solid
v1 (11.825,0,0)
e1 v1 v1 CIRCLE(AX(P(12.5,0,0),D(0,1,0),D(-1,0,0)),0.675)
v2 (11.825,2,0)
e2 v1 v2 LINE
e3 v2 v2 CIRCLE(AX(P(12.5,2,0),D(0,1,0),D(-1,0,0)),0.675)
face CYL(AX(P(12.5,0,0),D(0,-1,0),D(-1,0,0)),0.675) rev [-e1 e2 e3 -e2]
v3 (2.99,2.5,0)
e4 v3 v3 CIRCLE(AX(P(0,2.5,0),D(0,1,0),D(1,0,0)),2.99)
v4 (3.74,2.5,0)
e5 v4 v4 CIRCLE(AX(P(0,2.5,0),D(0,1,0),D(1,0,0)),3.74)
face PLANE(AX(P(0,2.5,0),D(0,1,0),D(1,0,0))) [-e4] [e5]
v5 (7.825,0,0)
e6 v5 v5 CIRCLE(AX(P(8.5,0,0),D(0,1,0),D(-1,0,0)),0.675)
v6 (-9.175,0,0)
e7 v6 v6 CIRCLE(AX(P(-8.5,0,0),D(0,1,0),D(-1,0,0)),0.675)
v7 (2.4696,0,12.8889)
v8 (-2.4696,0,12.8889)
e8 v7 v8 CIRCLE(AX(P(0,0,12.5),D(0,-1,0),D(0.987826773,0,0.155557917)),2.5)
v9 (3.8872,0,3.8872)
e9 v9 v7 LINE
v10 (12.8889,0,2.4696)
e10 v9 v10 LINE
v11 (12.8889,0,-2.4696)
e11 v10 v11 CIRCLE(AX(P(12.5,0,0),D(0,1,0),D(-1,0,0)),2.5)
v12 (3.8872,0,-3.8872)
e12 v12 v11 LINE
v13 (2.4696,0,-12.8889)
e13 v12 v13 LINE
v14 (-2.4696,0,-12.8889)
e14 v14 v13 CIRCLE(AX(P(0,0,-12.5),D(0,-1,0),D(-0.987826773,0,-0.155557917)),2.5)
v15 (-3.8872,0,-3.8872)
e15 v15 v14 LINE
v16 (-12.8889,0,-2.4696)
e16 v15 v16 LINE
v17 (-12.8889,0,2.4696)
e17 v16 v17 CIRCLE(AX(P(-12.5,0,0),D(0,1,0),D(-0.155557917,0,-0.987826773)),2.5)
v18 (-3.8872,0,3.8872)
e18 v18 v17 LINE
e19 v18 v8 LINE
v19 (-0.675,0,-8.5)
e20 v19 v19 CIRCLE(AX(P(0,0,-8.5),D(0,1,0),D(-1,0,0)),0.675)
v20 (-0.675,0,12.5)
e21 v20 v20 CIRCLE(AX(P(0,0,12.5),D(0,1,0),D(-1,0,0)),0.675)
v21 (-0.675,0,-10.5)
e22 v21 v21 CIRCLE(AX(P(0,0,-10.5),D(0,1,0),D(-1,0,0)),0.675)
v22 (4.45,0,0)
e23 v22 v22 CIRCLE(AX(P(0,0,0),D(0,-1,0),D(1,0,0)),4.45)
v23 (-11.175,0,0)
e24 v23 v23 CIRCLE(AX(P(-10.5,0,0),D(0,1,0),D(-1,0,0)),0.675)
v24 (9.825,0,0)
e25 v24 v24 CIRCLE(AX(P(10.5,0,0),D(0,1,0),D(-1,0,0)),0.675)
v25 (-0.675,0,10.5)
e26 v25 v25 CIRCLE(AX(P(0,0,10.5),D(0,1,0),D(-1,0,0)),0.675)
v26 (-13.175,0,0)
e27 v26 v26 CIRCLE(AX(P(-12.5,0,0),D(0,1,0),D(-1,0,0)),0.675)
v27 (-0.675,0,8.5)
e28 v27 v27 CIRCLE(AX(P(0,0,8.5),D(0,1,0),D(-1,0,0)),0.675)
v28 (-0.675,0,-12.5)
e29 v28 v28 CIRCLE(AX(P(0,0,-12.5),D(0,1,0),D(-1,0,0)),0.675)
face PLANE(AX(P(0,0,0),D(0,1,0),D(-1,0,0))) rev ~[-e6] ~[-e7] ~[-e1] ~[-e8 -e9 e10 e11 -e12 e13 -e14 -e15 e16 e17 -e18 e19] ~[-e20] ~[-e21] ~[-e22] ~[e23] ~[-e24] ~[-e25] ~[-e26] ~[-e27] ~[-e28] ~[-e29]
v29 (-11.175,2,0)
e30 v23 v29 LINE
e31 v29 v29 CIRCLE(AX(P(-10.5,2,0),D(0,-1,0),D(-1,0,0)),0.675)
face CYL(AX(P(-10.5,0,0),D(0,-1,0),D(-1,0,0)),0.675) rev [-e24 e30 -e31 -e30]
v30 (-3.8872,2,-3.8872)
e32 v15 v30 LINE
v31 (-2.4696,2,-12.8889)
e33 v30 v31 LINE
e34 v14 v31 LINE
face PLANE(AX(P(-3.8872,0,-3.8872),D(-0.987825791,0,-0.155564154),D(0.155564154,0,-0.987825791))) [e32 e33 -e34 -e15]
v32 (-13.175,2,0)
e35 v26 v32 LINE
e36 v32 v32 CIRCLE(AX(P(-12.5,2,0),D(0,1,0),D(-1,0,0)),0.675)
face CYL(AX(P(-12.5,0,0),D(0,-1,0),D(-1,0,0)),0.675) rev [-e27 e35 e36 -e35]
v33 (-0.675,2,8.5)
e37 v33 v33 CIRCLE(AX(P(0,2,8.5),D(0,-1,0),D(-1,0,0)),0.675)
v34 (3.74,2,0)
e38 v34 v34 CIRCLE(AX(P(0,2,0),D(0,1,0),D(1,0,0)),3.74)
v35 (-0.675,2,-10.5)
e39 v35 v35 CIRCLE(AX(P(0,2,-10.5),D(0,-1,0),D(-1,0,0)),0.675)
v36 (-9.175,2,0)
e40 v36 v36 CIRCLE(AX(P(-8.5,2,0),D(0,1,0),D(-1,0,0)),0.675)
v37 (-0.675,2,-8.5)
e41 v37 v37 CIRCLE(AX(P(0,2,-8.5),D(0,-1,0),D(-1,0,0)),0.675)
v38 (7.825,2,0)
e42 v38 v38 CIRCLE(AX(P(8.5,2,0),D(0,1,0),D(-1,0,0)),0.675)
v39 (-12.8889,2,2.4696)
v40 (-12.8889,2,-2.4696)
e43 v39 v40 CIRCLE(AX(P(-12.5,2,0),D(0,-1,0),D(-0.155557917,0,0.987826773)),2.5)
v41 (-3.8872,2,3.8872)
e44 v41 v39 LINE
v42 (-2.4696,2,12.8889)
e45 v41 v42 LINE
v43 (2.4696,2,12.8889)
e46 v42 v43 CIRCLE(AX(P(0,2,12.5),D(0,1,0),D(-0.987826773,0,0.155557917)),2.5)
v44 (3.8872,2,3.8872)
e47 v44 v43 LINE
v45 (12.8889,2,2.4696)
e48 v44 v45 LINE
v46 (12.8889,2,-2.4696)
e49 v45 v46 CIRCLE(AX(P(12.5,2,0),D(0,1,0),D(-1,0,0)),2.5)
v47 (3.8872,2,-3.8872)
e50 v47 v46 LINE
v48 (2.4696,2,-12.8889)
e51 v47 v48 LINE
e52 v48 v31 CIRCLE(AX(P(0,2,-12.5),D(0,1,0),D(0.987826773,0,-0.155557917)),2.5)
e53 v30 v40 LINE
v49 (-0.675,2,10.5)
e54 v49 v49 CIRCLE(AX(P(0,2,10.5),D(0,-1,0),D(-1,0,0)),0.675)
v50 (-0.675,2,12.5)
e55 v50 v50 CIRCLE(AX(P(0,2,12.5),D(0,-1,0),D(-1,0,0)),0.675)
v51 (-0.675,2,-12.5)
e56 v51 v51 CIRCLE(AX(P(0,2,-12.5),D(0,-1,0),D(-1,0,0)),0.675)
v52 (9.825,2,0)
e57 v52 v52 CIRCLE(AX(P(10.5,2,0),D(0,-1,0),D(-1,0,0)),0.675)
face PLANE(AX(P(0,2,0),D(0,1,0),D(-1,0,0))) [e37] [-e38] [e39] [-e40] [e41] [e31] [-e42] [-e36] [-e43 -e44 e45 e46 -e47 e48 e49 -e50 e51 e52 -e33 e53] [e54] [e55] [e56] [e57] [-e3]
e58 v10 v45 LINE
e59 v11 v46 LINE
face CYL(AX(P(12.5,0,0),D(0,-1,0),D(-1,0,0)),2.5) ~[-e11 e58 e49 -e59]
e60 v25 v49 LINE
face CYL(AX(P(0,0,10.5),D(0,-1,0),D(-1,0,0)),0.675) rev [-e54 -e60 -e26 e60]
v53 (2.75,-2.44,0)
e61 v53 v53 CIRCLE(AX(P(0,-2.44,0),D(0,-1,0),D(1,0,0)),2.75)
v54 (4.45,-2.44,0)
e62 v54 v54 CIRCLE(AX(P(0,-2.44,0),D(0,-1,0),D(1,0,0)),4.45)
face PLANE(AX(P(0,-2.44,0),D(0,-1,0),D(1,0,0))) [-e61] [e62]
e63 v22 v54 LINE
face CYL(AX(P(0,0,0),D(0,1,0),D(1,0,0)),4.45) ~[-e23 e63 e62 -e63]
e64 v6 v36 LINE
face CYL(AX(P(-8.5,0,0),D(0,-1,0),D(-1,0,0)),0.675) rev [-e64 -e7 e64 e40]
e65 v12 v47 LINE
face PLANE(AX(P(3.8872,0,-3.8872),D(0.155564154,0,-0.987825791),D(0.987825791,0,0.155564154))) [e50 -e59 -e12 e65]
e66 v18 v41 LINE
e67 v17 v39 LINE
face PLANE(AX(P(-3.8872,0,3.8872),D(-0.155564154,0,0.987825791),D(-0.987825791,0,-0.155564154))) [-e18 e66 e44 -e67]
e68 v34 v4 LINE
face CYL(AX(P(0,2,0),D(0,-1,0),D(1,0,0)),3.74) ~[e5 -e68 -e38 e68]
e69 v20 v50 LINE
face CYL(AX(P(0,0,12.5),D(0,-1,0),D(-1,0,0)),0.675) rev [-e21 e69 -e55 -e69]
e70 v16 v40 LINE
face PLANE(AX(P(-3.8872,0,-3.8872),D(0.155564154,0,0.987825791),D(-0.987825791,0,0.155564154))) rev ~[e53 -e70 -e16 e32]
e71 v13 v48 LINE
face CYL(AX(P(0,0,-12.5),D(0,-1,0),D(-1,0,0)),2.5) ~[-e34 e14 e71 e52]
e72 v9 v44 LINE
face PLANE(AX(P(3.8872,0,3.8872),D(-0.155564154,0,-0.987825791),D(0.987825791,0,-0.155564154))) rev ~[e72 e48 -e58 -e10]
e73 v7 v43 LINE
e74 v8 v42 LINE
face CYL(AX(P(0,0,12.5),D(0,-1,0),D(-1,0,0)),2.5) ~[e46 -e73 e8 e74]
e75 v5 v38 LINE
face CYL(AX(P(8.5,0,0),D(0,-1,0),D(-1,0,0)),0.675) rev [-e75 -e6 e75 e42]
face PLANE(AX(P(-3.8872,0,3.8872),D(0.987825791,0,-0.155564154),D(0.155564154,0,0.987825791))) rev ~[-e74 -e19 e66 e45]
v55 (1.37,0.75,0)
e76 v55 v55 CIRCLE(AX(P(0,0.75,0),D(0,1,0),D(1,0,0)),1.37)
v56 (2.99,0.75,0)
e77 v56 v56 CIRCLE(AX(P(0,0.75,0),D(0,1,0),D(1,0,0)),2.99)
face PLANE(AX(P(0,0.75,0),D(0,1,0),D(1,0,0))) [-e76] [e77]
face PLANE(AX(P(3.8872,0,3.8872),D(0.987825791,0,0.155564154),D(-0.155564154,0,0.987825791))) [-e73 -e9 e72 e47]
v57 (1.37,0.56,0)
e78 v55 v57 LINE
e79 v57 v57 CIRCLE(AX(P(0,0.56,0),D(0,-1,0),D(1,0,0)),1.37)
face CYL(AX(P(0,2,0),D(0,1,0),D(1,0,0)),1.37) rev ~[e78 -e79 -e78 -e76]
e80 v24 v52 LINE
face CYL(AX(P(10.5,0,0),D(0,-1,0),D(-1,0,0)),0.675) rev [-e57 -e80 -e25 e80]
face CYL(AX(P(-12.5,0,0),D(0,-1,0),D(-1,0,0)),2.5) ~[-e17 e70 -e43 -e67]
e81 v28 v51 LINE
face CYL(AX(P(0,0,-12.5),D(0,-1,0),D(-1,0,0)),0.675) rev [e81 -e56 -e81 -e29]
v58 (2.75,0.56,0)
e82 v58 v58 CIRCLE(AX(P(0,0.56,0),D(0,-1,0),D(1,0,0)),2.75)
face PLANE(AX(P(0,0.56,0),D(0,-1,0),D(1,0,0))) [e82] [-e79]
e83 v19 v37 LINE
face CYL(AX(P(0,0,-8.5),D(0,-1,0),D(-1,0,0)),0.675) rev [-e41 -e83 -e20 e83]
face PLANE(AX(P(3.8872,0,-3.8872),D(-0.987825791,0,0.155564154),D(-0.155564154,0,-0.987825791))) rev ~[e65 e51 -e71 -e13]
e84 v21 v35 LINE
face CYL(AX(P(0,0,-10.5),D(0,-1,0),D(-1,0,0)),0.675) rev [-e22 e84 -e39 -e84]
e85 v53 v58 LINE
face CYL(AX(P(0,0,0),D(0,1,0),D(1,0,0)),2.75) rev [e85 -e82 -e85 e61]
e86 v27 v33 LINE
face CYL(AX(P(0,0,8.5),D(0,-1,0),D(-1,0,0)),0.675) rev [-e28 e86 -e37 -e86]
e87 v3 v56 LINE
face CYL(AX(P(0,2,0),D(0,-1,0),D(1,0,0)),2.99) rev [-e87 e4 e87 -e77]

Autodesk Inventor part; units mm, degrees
ref_plane "YZ Plane" through (0, 0, 0) normal (1, 0, 0) x (0, 1, 0)
ref_plane "XZ Plane" through (0, 0, 0) normal (0, 1, 0) x (-1, 0, 0)
ref_plane "XY Plane" through (0, 0, 0) normal (0, 0, 1) x (1, 0, 0)
sketch "Sketch1" plane through (0, 0, 0) normal (0, 1, 0) x (-1, 0, 0)
  circle A0 centre (0, 0) radius 10.5 construction
  circle A1 centre (0, 0) radius 12.5 construction
  circle A2 centre (0, 0) radius 8.5 construction
  circle A3 centre (12.5, 0) radius 2.5
  circle A4 centre (12.5, 0) radius 0.675
  circle A5 centre (10.5, 0) radius 0.675
  circle A6 centre (8.5, 0) radius 0.675
  line L0 (0, 16.4462) -> (0, -19.2601)
  circle A7 centre (0, 12.5) radius 0.675
  circle A8 centre (0, 10.5) radius 0.675
  circle A9 centre (0, 12.5) radius 2.5
  circle A10 centre (0, 8.5) radius 0.675
  circle A11 centre (-12.5, 0) radius 0.675
  circle A12 centre (-10.5, 0) radius 0.675
  circle A13 centre (-12.5, 0) radius 2.5
  circle A14 centre (-8.5, 0) radius 0.675
  circle A15 centre (0, -12.5) radius 0.675
  circle A16 centre (0, -10.5) radius 0.675
  circle A17 centre (0, -12.5) radius 2.5
  circle A18 centre (0, -8.5) radius 0.675
  line L1 (0, 0) -> (7.0711, -7.0711) construction
  line L2 (0, 0) -> (10, 0) construction
  line L3 (0, 0) -> (7.0711, 7.0711) construction
  line L4 (0, 0) -> (10, 0) construction
  line L5 (0, 0) -> (7.0711, -7.0711) construction
  line L6 (0, 0) -> (10, 0) construction
  line L7 (0, 0) -> (-7.0711, -7.0711) construction
  line L8 (0, 0) -> (10, 0) construction
  line L9 (3.8872, -3.8872) -> (12.8889, -2.4696)
  line L10 (3.8872, -3.8872) -> (2.4696, -12.8889)
  line L11 (3.8872, 3.8872) -> (2.4696, 12.8889)
  line L12 (3.8872, 3.8872) -> (12.8889, 2.4696)
  line L13 (-3.8872, 3.8872) -> (-12.8889, 2.4696)
  line L14 (-3.8872, 3.8872) -> (-2.4696, 12.8889)
  line L15 (-3.8872, -3.8872) -> (-2.4696, -12.8889)
  line L16 (-3.8872, -3.8872) -> (-12.8889, -2.4696)
  point P0 (13.5701, 2.2594)
  point P1 (14.0204, -1.9845)
  point P2 (-2.2594, 13.5701)
  point P3 (1.9845, 14.0204)
  point P4 (-13.5701, -2.2594)
  point P5 (-14.0204, 1.9845)
  point P6 (2.2594, -13.5701)
  point P7 (-1.9845, -14.0204)
  dimension "d0" = 21
  dimension "d1" = 25
  dimension "d2" = 17
  dimension "d3" = 5
  dimension "d4" = 1.35
  dimension "d5" = 1.35
  dimension "d6" = 1.35
  dimension "d9" = 360
  dimension "d11" = 10
  dimension "d12" = 45
  dimension "d13" = 10
  dimension "d14" = 45
  dimension "d15" = 10
  dimension "d16" = 45
  dimension "d17" = 10
  dimension "d18" = 135
  dimension "d19" = 107.9
  dimension "d20" = 12.5
  dimension "d21" = 10.5
  dimension "d22" = 2
  dimension "d23" = 8.5
  dimension "d24" = 8.5
  dimension "d25" = 10.5
  dimension "d26" = 12.5
  dimension "d27" = 12.5
  dimension "d30" = 360
extrude "Extrusion1" add sketch "Sketch1" along normal blind 2 contours A3 A5 | A3 A5 L9 L10 A17 A16 L0 A18 A10 A8 A9 L11 L12 | A9 A8 L0 A7 | A17 L0 A15 A16 | L0 A7 A8 A9 | A17 A16 L0 A15 | A9 A8 L0 A10 A18 A16 A17 L15 L16 A13 A12 L13 L14 | A13 A12 picked at (11.2959, 0.9935) picked at (-11.3085, -0.9832)
sketch "Sketch2" plane through (0, 2, 0) normal (0, 1, 0) x (1, 0, 0)
  circle A0 centre (0, 0) radius 3.74
  circle A1 centre (0, 0) radius 2.99
  circle A2 centre (0, 0) radius 1.37
  dimension "d34" = 7.48
  dimension "d35" = 5.98
  dimension "d36" = 2.74
extrude "Extrusion2" add sketch "Sketch2" along normal blind 0.5 contours A0
extrude "Extrusion3" cut sketch "Sketch2" against normal blind 1.25 contours A1
extrude "Extrusion4" cut sketch "Sketch2" against normal through all contours A2
sketch "Sketch3" plane through (0, 0, 0) normal (0, -1, 0) x (1, 0, 0)
  circle A0 centre (0, 0) radius 1.37 projected
  circle A1 centre (0, 0) radius 2.75
  circle A2 centre (0, 0) radius 4.45
  dimension "d43" = 5.5
  dimension "d44" = 8.9
extrude "Extrusion5" add sketch "Sketch3" along normal blind 2.44 contours A2
extrude "Extrusion6" cut sketch "Sketch3" against normal blind 0.56 contours A1
properties part number "MMAE 232 CAD Assignment 2 Servo Horn 5-Nicholas Skiba"
